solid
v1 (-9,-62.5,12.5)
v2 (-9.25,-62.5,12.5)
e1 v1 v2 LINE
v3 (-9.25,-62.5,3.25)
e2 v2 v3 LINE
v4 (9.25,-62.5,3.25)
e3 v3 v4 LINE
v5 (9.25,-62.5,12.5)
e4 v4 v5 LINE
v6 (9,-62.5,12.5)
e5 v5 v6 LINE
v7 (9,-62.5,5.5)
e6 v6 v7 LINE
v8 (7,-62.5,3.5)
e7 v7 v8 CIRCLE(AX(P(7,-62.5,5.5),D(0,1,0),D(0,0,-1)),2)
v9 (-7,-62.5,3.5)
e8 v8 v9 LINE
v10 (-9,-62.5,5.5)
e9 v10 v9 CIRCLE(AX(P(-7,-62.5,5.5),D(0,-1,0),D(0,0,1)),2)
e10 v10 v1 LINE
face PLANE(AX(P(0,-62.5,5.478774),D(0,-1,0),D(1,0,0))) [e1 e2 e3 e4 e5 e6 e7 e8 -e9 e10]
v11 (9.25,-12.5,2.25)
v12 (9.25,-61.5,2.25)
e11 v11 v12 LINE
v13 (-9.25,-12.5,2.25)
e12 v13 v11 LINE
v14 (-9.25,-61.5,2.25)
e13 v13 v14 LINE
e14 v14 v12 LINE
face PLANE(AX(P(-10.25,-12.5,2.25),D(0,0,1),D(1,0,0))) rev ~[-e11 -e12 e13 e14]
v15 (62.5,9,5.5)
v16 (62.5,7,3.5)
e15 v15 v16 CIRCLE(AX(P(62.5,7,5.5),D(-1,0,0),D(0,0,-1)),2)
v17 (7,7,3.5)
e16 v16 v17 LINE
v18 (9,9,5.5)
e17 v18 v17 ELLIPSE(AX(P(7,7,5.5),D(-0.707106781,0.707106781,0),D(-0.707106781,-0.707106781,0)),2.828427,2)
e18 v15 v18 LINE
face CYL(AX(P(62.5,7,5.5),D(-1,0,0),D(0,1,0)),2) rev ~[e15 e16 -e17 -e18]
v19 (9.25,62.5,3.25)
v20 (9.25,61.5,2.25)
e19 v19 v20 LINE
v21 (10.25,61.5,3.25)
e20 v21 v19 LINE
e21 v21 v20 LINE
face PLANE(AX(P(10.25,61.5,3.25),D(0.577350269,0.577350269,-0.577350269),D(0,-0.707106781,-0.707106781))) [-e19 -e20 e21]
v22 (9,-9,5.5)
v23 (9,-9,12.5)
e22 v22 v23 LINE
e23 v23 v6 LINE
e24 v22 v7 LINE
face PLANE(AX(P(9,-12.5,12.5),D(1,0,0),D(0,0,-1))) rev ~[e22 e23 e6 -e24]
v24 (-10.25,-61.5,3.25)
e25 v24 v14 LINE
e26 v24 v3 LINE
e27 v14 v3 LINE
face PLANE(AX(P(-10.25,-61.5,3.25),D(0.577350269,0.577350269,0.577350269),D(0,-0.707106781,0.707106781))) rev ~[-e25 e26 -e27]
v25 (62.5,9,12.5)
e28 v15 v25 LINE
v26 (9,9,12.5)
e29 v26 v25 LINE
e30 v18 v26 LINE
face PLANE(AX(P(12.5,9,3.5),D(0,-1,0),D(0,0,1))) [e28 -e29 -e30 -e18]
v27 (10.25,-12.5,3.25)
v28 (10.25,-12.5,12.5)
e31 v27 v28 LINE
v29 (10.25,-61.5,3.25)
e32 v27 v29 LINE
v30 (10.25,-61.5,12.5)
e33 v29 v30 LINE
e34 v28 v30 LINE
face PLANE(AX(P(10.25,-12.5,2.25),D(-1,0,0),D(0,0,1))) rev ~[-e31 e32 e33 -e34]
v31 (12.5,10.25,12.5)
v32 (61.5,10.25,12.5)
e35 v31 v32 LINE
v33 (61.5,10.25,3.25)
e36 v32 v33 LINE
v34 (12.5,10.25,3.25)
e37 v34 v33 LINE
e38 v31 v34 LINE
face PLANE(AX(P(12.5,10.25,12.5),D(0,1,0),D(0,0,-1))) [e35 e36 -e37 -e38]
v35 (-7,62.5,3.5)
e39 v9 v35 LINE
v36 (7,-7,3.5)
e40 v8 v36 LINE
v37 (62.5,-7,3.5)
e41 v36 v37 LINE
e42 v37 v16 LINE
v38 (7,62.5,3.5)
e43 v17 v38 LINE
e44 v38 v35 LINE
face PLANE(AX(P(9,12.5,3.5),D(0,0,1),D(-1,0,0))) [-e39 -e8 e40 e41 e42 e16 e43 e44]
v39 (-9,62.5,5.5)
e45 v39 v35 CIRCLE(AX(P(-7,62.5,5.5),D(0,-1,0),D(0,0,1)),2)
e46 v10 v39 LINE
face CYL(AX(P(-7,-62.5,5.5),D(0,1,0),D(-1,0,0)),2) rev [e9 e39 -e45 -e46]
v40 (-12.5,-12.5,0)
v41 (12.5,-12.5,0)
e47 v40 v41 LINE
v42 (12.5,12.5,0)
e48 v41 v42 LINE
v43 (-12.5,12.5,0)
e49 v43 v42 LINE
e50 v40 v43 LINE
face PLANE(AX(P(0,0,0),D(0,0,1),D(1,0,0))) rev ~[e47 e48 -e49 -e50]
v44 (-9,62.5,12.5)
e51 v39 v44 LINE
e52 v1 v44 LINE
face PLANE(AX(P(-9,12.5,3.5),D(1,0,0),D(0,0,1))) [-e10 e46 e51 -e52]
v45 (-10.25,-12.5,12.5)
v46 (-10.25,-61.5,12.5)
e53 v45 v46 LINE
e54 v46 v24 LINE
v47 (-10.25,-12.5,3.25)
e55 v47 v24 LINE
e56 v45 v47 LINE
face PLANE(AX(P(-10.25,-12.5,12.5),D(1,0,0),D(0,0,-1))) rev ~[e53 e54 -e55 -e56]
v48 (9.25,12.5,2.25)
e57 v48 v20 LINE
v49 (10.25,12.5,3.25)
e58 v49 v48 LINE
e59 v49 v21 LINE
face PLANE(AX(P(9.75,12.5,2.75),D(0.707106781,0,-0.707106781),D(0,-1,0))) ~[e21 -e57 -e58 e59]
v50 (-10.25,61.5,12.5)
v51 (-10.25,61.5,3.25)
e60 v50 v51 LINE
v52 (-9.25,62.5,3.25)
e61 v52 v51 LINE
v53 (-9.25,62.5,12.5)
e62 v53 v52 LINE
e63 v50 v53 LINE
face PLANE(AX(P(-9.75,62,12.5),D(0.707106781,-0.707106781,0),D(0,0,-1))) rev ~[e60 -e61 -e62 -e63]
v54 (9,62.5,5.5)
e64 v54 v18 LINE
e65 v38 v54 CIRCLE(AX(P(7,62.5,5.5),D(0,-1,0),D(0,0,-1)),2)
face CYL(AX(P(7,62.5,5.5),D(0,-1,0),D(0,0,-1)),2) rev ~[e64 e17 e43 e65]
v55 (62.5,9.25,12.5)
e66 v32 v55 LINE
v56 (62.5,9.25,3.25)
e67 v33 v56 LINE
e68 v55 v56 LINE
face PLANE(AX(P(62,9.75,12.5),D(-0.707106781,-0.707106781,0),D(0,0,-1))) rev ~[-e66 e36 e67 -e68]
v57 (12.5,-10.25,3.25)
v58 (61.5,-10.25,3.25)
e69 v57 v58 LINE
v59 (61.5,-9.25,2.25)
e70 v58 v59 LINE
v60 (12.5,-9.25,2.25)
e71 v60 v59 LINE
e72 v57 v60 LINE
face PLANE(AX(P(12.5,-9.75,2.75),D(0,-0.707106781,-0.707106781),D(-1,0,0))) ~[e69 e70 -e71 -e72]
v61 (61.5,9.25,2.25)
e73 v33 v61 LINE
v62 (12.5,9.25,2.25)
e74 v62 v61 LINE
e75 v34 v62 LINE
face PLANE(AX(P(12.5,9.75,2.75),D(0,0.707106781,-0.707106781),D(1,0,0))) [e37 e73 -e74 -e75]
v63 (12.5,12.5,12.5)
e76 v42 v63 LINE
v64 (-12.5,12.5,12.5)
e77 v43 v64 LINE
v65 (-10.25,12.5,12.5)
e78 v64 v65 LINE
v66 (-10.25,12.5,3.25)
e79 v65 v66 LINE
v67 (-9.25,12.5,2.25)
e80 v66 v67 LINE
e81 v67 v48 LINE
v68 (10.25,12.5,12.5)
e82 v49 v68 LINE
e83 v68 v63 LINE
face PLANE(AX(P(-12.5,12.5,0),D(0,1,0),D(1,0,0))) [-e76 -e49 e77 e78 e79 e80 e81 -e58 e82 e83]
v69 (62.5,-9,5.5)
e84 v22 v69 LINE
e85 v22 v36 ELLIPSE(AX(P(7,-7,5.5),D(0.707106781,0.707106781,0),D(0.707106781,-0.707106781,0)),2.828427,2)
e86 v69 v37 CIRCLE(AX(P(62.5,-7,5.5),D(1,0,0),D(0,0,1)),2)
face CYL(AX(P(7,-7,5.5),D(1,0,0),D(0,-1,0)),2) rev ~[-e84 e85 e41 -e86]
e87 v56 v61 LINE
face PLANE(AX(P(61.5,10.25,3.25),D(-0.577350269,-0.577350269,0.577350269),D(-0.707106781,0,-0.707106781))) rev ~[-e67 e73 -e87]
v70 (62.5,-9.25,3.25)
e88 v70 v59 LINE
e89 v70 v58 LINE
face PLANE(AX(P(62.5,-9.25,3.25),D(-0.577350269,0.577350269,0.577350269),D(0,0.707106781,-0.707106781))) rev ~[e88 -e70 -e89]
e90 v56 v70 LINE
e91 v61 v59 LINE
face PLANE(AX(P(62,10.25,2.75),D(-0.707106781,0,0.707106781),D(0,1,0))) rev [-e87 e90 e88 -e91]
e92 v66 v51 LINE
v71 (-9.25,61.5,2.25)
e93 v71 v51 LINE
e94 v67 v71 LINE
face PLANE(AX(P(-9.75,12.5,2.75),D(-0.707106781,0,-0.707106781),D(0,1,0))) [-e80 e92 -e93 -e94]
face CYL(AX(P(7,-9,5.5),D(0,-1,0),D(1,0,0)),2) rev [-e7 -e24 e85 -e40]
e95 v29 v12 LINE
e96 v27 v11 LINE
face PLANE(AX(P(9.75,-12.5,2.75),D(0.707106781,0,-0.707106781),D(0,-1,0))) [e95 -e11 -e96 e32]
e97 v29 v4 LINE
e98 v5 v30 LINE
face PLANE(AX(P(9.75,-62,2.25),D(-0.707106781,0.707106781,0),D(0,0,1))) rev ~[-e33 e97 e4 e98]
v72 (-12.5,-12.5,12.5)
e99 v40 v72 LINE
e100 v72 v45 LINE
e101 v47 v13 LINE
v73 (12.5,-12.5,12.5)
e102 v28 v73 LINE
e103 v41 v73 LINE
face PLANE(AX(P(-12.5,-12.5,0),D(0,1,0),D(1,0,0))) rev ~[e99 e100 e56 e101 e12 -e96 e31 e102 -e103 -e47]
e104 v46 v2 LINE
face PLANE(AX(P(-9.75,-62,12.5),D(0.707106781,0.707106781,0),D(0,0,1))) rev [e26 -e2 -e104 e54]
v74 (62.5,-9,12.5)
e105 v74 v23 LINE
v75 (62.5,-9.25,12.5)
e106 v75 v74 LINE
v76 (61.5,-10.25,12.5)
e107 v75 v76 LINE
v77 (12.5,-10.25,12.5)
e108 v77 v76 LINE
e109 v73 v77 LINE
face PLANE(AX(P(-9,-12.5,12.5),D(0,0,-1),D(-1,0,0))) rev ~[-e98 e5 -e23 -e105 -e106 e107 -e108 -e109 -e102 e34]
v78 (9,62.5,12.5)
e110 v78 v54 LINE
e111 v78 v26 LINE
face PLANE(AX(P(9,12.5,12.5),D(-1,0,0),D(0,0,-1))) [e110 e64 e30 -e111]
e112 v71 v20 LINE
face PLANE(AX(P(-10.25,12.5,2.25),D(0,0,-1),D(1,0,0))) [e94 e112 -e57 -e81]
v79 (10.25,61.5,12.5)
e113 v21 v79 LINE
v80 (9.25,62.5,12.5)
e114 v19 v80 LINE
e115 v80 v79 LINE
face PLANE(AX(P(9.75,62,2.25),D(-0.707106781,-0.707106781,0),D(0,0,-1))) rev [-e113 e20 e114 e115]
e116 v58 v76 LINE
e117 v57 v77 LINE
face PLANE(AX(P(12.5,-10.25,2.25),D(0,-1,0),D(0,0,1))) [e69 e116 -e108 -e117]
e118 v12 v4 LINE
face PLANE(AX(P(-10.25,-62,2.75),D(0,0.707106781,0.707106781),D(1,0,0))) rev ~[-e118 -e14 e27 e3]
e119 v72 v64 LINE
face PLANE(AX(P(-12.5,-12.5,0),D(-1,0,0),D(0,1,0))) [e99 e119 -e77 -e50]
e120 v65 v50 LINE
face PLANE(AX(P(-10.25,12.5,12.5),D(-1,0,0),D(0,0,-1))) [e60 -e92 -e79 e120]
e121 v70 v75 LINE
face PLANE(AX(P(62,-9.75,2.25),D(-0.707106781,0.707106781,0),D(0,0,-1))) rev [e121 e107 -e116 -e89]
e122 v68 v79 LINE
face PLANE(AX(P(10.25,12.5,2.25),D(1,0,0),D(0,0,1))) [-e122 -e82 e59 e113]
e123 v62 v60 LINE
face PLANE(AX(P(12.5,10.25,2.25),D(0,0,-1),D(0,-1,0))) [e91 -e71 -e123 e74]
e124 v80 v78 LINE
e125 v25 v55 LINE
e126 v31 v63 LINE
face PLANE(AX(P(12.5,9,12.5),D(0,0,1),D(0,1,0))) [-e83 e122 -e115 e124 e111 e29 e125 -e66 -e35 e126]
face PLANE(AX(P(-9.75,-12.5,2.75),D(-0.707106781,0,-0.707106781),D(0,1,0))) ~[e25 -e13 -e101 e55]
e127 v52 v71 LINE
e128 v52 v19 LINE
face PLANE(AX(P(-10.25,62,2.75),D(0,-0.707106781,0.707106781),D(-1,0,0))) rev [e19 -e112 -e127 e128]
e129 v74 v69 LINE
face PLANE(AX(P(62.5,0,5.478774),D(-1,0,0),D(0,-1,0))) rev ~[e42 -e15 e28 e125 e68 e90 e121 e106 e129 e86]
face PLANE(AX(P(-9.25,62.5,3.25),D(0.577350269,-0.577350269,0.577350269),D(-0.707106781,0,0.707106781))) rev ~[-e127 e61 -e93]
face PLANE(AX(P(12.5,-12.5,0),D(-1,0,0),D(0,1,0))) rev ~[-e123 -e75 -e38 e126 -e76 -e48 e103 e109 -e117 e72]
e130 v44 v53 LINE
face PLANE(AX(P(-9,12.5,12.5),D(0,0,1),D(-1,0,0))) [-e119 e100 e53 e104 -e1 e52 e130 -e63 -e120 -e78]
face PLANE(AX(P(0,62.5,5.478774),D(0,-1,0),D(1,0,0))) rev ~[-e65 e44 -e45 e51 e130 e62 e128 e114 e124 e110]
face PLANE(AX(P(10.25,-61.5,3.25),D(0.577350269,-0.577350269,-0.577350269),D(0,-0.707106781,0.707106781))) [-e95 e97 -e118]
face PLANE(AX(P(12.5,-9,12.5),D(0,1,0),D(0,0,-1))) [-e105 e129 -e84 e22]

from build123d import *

# Parameters (mm, degrees)
SKETCH_W        = 25
SKETCH_H        = 25
PAD_DEPTH       = 12.5
THICKNESS_T     = -3.5
SKETCH001_W     = 18
SKETCH001_H     = 9
POCKET_DEPTH    = 3.5
PAD001_DEPTH    = 50
CHAMFER_SIZE    = 1
SKETCH003_W     = 18
SKETCH003_H     = 9
POCKET001_DEPTH = 3.5
PAD002_DEPTH    = 50
CHAMFER001_SIZE = 1
SKETCH005_W     = 18
SKETCH005_H     = 9
POCKET002_DEPTH = 3.5
PAD003_DEPTH    = 50
CHAMFER002_SIZE = 1
FILLET_R        = 2
FILLET001_R     = 2
FILLET002_R     = 2
FILLET003_R     = 2
FILLET004_R     = 2


with BuildPart() as part:
    # Sketch → Pad (new body)
    with BuildSketch(Plane.XY):
        Rectangle(SKETCH_W, SKETCH_H)
    extrude(amount=PAD_DEPTH)

    # Thickness
    thickness_openings = [part.faces().sort_by_distance(p)[0] for p in [
        (0, 0, 12.5),
    ]]
    offset(amount=THICKNESS_T, openings=thickness_openings, kind=Kind.INTERSECTION)

    # Sketch001 (on Face2 of Thickness) → Pocket (cut)
    with BuildSketch(Plane.XZ.offset(12.5)):
        with Locations((0, 8)):
            Rectangle(SKETCH001_W, SKETCH001_H)
    extrude(amount=-POCKET_DEPTH, mode=Mode.SUBTRACT)

    # Sketch002 (on Face3 of Pocket) → Pad001 (join)
    with BuildSketch(Plane.XZ.offset(12.5)):
        Polygon((-10.25, 12.5), (-10.25, 2.25), (10.25, 2.25), (10.25, 12.5), (9, 12.5), (9, 3.5), (-9, 3.5), (-9, 12.5), align=None)
    extrude(amount=PAD001_DEPTH)

    # Chamfer
    chamfer_edges = [part.edges().sort_by_distance(p)[0] for p in [
        (0, -62.5, 2.25),
        (10.25, -37.5, 2.25),
        (-10.25, -37.5, 2.25),
        (10.25, -62.5, 7.375),
        (-10.25, -62.5, 7.375),
    ]]
    chamfer(chamfer_edges, length=CHAMFER_SIZE)

    # Sketch003 (on Face6 of Chamfer) → Pocket001 (cut)
    with BuildSketch(Plane.YZ.offset(12.5)):
        with Locations((0, 8)):
            Rectangle(SKETCH003_W, SKETCH003_H)
    extrude(amount=-POCKET001_DEPTH, mode=Mode.SUBTRACT)

    # Sketch004 (on Face6 of Pocket001) → Pad002 (join)
    with BuildSketch(Plane.YZ.offset(12.5)):
        Polygon((10.25, 12.5), (10.25, 2.25), (-10.25, 2.25), (-10.25, 12.5), (-9, 12.5), (-9, 3.5), (9, 3.5), (9, 12.5), align=None)
    extrude(amount=PAD002_DEPTH)

    # Chamfer001
    chamfer001_edges = [part.edges().sort_by_distance(p)[0] for p in [
        (37.5, -10.25, 2.25),
        (62.5, -10.25, 7.375),
        (62.5, 0, 2.25),
        (62.5, 10.25, 7.375),
        (37.5, 10.25, 2.25),
    ]]
    chamfer(chamfer001_edges, length=CHAMFER001_SIZE)

    # Sketch005 → Pocket002 (cut)
    with BuildSketch(Plane(origin=(0, 12.5, 0), x_dir=(-1, 0, 0), z_dir=(0, 1, 0))):
        with Locations((0, 8)):
            Rectangle(SKETCH005_W, SKETCH005_H)
    extrude(amount=-POCKET002_DEPTH, mode=Mode.SUBTRACT)

    # Sketch006 (on Face6 of Pocket002) → Pad003 (join)
    with BuildSketch(Plane(origin=(0, 12.5, 0), x_dir=(-1, 0, 0), z_dir=(0, 1, 0))):
        Polygon((10.25, 12.5), (10.25, 2.25), (-10.25, 2.25), (-10.25, 12.5), (-9, 12.5), (-9, 3.5), (9, 3.5), (9, 12.5), align=None)
    extrude(amount=PAD003_DEPTH)

    # Chamfer002
    chamfer002_edges = [part.edges().sort_by_distance(p)[0] for p in [
        (-10.25, 37.5, 2.25),
        (0, 62.5, 2.25),
        (-10.25, 62.5, 7.375),
        (10.25, 62.5, 7.375),
        (10.25, 37.5, 2.25),
    ]]
    chamfer(chamfer002_edges, length=CHAMFER002_SIZE)

    # Fillet
    fillet_edges = [part.edges().sort_by_distance(p)[0] for p in [
        (-9, 37.5, 3.5),
    ]]
    fillet(fillet_edges, radius=FILLET_R)

    # Fillet001
    fillet001_edges = [part.edges().sort_by_distance(p)[0] for p in [
        (9, 37.5, 3.5),
    ]]
    fillet(fillet001_edges, radius=FILLET001_R)

    # Fillet002
    fillet002_edges = [part.edges().sort_by_distance(p)[0] for p in [
        (37.5, 9, 3.5),
    ]]
    fillet(fillet002_edges, radius=FILLET002_R)

    # Fillet003
    fillet003_edges = [part.edges().sort_by_distance(p)[0] for p in [
        (9, -37.5, 3.5),
    ]]
    fillet(fillet003_edges, radius=FILLET003_R)

    # Fillet004
    fillet004_edges = [part.edges().sort_by_distance(p)[0] for p in [
        (37.5, -9, 3.5),
    ]]
    fillet(fillet004_edges, radius=FILLET004_R)


solid = part.part
